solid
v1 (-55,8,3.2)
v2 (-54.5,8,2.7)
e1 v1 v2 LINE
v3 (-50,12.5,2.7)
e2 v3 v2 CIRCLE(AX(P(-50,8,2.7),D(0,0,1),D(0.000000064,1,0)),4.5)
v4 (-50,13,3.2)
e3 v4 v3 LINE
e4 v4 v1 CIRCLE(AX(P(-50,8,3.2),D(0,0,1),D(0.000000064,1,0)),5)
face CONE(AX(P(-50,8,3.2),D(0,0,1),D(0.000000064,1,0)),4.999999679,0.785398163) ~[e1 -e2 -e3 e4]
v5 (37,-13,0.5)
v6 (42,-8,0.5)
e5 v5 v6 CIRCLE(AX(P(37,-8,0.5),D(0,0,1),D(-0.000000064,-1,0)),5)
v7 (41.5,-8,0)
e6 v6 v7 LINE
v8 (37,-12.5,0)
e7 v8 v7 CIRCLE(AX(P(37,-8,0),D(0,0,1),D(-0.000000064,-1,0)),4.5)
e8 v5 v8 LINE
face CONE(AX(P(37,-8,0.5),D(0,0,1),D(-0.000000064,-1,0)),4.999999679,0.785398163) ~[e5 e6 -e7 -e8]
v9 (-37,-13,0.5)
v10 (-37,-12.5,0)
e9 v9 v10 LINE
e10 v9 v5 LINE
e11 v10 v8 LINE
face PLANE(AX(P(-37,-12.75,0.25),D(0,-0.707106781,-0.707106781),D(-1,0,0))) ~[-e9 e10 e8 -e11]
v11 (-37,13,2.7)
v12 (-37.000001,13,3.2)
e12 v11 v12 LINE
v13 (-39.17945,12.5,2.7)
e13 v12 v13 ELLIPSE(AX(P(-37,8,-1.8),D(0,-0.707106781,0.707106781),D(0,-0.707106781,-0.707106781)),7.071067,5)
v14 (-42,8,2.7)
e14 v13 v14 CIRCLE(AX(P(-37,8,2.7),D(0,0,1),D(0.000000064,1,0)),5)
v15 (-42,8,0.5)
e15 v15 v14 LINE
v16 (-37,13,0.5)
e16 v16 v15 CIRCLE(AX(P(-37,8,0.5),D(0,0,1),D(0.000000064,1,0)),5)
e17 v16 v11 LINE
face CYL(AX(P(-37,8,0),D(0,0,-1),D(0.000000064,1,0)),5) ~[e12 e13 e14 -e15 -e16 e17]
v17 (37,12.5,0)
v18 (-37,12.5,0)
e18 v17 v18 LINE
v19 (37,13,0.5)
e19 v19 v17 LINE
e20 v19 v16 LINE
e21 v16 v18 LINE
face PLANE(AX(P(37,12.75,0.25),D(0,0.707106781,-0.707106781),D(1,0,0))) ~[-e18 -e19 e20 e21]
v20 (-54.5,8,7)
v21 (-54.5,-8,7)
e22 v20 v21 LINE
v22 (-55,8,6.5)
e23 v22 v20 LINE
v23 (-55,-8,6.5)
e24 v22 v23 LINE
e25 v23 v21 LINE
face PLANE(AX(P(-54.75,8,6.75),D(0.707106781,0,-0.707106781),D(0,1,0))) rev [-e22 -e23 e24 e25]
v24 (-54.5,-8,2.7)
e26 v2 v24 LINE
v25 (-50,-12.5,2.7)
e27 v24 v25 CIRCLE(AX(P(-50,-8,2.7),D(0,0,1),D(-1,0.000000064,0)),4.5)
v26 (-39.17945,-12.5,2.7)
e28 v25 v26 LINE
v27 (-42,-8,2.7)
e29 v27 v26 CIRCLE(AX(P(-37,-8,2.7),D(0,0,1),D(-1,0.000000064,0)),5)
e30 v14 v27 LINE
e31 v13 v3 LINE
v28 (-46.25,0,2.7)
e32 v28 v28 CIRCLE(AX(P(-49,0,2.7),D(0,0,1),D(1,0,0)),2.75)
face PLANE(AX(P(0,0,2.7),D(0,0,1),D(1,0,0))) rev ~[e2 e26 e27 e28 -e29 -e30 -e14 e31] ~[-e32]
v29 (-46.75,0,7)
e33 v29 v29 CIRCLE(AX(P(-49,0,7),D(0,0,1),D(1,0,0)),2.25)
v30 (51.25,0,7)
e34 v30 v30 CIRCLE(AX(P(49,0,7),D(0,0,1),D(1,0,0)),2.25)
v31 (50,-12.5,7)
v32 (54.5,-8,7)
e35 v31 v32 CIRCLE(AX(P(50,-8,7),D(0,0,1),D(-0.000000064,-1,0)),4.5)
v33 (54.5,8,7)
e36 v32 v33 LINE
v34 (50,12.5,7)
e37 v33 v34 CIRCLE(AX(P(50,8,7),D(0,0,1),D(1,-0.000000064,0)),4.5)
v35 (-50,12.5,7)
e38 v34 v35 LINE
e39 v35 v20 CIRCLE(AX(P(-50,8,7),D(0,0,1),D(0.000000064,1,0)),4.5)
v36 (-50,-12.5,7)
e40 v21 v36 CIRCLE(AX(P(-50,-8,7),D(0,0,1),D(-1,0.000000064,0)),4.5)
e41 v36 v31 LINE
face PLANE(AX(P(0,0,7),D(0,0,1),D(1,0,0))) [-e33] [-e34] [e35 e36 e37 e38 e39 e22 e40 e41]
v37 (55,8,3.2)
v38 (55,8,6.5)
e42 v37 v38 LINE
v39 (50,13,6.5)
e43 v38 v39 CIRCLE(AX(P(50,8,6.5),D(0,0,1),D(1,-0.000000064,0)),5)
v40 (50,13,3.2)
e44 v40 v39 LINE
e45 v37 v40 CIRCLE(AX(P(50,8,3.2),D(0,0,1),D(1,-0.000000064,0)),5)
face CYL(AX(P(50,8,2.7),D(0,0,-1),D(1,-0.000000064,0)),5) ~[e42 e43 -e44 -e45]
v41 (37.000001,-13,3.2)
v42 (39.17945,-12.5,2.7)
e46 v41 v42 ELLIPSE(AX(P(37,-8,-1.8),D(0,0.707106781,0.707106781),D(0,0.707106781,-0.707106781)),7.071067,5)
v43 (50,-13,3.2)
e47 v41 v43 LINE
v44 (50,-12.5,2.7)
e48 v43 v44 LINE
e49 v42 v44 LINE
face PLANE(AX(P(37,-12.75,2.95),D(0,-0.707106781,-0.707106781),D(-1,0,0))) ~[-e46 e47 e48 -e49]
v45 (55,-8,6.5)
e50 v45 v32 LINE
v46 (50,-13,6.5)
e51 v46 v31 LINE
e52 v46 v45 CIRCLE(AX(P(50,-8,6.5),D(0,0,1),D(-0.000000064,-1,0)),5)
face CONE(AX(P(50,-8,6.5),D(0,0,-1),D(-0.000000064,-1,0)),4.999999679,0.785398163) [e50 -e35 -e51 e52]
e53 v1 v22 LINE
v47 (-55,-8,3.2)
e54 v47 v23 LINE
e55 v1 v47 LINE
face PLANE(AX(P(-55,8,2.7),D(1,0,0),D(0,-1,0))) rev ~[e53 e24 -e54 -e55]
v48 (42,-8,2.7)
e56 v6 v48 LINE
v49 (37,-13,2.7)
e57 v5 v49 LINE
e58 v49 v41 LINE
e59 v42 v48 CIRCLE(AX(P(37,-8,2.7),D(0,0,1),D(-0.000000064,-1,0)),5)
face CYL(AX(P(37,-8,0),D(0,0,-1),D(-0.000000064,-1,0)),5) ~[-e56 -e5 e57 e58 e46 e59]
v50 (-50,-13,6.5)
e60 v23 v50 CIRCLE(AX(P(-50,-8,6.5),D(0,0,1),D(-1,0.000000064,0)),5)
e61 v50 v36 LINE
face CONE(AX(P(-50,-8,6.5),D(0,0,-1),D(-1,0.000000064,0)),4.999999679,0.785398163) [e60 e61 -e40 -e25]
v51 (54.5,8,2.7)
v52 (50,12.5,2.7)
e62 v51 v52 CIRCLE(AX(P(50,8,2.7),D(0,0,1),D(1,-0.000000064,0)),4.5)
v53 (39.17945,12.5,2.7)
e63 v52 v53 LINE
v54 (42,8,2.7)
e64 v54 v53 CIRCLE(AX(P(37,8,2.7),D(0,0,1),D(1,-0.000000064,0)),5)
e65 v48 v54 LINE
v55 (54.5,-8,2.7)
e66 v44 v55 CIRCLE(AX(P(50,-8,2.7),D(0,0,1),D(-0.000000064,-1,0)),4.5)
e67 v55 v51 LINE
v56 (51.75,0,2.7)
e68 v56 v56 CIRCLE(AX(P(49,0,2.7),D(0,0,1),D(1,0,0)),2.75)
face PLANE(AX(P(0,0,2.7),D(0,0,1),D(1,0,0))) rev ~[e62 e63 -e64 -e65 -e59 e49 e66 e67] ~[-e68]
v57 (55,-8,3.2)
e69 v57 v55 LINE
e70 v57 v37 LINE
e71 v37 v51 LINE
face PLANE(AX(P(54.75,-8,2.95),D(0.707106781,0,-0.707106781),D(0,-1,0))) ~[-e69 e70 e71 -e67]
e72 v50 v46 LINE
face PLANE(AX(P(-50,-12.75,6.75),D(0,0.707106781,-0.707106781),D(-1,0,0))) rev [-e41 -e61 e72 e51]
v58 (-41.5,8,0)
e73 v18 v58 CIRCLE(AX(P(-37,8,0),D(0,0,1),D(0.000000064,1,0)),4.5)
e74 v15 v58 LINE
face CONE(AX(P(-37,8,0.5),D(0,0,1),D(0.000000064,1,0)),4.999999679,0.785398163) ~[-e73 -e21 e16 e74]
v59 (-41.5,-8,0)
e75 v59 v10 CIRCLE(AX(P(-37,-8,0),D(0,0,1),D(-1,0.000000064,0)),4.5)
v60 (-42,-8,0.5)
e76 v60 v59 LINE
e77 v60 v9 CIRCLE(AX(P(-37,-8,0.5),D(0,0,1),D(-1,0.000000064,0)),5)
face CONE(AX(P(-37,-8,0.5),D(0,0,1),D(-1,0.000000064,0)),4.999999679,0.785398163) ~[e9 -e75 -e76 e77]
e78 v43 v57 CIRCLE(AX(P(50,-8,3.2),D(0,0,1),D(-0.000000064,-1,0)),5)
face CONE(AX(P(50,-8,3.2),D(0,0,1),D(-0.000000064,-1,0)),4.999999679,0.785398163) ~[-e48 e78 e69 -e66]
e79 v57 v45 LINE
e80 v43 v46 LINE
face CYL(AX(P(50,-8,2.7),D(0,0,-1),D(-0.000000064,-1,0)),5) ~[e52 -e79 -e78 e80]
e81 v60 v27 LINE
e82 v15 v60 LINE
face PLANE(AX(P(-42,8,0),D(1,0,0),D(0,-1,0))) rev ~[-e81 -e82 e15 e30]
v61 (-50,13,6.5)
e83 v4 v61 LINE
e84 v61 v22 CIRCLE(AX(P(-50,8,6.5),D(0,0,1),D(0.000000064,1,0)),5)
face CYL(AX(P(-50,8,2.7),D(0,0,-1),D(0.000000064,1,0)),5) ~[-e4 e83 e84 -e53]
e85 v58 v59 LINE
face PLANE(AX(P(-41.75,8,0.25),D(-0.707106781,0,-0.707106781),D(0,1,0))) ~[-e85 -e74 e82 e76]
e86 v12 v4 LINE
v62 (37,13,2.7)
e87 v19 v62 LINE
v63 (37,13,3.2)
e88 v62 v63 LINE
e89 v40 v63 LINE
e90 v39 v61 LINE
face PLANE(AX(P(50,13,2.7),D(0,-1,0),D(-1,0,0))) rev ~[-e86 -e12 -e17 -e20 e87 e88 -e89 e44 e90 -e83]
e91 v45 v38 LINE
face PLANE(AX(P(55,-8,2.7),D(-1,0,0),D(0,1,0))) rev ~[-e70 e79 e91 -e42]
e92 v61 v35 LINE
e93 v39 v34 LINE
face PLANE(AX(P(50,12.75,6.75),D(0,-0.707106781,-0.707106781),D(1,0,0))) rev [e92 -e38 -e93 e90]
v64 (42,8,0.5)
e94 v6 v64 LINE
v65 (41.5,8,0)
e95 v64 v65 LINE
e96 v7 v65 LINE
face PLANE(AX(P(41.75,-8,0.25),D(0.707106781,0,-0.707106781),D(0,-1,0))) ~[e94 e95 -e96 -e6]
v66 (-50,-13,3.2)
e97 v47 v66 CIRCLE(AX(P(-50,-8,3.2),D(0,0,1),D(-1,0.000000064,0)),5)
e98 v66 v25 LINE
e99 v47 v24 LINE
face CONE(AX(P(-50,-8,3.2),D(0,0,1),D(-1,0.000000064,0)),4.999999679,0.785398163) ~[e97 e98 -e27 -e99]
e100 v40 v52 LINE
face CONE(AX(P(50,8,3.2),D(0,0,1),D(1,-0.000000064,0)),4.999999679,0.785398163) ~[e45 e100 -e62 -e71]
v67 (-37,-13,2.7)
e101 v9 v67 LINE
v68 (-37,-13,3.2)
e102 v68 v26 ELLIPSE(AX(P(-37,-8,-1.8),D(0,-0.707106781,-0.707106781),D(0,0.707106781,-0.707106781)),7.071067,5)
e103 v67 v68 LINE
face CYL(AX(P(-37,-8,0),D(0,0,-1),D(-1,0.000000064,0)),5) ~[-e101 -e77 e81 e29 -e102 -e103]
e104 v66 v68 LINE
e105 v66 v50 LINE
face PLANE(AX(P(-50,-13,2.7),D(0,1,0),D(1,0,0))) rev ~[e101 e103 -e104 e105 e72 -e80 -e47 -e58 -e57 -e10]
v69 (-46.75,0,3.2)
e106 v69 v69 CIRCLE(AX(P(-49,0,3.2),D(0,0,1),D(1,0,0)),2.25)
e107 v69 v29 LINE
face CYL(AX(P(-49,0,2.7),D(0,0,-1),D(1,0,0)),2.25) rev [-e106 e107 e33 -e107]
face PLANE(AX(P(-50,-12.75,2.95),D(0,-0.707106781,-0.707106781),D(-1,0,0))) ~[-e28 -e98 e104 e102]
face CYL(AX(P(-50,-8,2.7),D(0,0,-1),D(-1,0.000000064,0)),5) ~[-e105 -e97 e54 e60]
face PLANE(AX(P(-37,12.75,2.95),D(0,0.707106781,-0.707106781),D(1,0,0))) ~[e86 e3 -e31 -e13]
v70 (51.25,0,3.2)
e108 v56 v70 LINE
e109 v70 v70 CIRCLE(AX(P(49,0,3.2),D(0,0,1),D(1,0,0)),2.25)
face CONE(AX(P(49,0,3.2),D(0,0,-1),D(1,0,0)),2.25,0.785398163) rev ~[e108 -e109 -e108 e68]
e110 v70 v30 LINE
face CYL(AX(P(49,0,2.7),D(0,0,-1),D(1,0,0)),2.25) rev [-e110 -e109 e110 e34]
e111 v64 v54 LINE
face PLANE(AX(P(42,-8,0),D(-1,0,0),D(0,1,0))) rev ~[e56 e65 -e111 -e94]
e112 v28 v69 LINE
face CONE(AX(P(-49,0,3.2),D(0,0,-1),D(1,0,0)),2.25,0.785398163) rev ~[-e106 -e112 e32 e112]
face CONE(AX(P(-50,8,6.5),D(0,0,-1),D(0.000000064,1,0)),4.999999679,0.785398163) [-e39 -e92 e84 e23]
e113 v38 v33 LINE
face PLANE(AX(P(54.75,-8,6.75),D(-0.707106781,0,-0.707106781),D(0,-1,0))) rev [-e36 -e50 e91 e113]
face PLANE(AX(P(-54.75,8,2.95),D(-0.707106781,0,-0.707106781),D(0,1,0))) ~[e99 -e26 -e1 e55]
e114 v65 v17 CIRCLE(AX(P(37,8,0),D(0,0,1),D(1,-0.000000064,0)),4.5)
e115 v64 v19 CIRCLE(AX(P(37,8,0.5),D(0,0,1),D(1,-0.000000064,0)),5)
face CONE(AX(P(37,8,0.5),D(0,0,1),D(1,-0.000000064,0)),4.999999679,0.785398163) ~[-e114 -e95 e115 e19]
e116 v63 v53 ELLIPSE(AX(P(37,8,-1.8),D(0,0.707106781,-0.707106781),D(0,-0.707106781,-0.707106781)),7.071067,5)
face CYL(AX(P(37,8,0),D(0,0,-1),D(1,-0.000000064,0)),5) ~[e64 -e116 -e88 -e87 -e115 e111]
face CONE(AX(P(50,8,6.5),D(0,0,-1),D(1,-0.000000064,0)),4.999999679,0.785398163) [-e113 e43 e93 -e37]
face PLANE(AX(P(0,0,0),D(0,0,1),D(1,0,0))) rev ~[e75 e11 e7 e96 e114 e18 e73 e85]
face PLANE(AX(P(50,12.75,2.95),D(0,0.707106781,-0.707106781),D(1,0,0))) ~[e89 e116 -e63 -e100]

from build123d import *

# Parameters (mm, degrees)
F1_DEPTH = 2.7
F3_R     = 2.25
F4_DEPTH = 4.3
F5_SIZE  = 0.5


with BuildPart() as f1:
    # F0 (on Top) → F1 (new body)
    with BuildSketch(Plane.XY):
        with BuildLine():
            Line((37, 13), (-37, 13))
            ThreePointArc((-37, 13), (-40.535534, 11.535534), (-42, 8))
            Line((-42, 8), (-42, -8))
            ThreePointArc((-42, -8), (-40.535534, -11.535534), (-37, -13))
            Line((-37, -13), (37, -13))
            ThreePointArc((37, -13), (40.535534, -11.535534), (42, -8))
            Line((42, -8), (42, 8))
            ThreePointArc((42, 8), (40.535534, 11.535534), (37, 13))
        make_face()
    extrude(amount=F1_DEPTH)

    # F3 (on face) → F4 (join, through all)
    with BuildSketch(Plane.XY.offset(2.7)):
        with BuildLine():
            Line((37, 13), (-37, 13))
            ThreePointArc((-37, 13), (-40.535534, 11.535534), (-42, 8))
            Line((-42, 8), (-42, -8))
            ThreePointArc((-42, -8), (-40.535534, -11.535534), (-37, -13))
            Line((-37, -13), (37, -13))
            ThreePointArc((37, -13), (40.535534, -11.535534), (42, -8))
            Line((42, -8), (42, 8))
            ThreePointArc((42, 8), (40.535534, 11.535534), (37, 13))
        make_face()
        with BuildLine():
            Line((50, 13), (37, 13))
            ThreePointArc((37, 13), (40.535534, 11.535534), (42, 8))
            Line((42, 8), (42, -8))
            ThreePointArc((42, -8), (40.535534, -11.535534), (37, -13))
            Line((37, -13), (50, -13))
            ThreePointArc((50, -13), (53.535534, -11.535534), (55, -8))
            Line((55, -8), (55, 8))
            ThreePointArc((55, 8), (53.535534, 11.535534), (50, 13))
        make_face()
        with Locations((49, 0)):
            Circle(F3_R, mode=Mode.SUBTRACT)
        with BuildLine():
            Line((-37, 13), (-50, 13))
            ThreePointArc((-50, 13), (-53.535534, 11.535534), (-55, 8))
            Line((-55, 8), (-55, -8))
            ThreePointArc((-55, -8), (-53.535534, -11.535534), (-50, -13))
            Line((-50, -13), (-37, -13))
            ThreePointArc((-37, -13), (-40.535534, -11.535534), (-42, -8))
            Line((-42, -8), (-42, 8))
            ThreePointArc((-42, 8), (-40.535534, 11.535534), (-37, 13))
        make_face()
        with Locations((-49, 0)):
            Circle(F3_R, mode=Mode.SUBTRACT)
    extrude(amount=F4_DEPTH)

    # F5
    f5_edges = [f1.edges().sort_by_distance(p)[0] for p in [
        (0, -13, 0),
        (46.75, 0, 2.7),
        (-51.25, 0, 2.7),
        (43.5, 13, 2.7),
        (-43.5, 13, 2.7),
        (0, 13, 7),
    ]]
    chamfer(f5_edges, length=F5_SIZE)


solid = f1.part
